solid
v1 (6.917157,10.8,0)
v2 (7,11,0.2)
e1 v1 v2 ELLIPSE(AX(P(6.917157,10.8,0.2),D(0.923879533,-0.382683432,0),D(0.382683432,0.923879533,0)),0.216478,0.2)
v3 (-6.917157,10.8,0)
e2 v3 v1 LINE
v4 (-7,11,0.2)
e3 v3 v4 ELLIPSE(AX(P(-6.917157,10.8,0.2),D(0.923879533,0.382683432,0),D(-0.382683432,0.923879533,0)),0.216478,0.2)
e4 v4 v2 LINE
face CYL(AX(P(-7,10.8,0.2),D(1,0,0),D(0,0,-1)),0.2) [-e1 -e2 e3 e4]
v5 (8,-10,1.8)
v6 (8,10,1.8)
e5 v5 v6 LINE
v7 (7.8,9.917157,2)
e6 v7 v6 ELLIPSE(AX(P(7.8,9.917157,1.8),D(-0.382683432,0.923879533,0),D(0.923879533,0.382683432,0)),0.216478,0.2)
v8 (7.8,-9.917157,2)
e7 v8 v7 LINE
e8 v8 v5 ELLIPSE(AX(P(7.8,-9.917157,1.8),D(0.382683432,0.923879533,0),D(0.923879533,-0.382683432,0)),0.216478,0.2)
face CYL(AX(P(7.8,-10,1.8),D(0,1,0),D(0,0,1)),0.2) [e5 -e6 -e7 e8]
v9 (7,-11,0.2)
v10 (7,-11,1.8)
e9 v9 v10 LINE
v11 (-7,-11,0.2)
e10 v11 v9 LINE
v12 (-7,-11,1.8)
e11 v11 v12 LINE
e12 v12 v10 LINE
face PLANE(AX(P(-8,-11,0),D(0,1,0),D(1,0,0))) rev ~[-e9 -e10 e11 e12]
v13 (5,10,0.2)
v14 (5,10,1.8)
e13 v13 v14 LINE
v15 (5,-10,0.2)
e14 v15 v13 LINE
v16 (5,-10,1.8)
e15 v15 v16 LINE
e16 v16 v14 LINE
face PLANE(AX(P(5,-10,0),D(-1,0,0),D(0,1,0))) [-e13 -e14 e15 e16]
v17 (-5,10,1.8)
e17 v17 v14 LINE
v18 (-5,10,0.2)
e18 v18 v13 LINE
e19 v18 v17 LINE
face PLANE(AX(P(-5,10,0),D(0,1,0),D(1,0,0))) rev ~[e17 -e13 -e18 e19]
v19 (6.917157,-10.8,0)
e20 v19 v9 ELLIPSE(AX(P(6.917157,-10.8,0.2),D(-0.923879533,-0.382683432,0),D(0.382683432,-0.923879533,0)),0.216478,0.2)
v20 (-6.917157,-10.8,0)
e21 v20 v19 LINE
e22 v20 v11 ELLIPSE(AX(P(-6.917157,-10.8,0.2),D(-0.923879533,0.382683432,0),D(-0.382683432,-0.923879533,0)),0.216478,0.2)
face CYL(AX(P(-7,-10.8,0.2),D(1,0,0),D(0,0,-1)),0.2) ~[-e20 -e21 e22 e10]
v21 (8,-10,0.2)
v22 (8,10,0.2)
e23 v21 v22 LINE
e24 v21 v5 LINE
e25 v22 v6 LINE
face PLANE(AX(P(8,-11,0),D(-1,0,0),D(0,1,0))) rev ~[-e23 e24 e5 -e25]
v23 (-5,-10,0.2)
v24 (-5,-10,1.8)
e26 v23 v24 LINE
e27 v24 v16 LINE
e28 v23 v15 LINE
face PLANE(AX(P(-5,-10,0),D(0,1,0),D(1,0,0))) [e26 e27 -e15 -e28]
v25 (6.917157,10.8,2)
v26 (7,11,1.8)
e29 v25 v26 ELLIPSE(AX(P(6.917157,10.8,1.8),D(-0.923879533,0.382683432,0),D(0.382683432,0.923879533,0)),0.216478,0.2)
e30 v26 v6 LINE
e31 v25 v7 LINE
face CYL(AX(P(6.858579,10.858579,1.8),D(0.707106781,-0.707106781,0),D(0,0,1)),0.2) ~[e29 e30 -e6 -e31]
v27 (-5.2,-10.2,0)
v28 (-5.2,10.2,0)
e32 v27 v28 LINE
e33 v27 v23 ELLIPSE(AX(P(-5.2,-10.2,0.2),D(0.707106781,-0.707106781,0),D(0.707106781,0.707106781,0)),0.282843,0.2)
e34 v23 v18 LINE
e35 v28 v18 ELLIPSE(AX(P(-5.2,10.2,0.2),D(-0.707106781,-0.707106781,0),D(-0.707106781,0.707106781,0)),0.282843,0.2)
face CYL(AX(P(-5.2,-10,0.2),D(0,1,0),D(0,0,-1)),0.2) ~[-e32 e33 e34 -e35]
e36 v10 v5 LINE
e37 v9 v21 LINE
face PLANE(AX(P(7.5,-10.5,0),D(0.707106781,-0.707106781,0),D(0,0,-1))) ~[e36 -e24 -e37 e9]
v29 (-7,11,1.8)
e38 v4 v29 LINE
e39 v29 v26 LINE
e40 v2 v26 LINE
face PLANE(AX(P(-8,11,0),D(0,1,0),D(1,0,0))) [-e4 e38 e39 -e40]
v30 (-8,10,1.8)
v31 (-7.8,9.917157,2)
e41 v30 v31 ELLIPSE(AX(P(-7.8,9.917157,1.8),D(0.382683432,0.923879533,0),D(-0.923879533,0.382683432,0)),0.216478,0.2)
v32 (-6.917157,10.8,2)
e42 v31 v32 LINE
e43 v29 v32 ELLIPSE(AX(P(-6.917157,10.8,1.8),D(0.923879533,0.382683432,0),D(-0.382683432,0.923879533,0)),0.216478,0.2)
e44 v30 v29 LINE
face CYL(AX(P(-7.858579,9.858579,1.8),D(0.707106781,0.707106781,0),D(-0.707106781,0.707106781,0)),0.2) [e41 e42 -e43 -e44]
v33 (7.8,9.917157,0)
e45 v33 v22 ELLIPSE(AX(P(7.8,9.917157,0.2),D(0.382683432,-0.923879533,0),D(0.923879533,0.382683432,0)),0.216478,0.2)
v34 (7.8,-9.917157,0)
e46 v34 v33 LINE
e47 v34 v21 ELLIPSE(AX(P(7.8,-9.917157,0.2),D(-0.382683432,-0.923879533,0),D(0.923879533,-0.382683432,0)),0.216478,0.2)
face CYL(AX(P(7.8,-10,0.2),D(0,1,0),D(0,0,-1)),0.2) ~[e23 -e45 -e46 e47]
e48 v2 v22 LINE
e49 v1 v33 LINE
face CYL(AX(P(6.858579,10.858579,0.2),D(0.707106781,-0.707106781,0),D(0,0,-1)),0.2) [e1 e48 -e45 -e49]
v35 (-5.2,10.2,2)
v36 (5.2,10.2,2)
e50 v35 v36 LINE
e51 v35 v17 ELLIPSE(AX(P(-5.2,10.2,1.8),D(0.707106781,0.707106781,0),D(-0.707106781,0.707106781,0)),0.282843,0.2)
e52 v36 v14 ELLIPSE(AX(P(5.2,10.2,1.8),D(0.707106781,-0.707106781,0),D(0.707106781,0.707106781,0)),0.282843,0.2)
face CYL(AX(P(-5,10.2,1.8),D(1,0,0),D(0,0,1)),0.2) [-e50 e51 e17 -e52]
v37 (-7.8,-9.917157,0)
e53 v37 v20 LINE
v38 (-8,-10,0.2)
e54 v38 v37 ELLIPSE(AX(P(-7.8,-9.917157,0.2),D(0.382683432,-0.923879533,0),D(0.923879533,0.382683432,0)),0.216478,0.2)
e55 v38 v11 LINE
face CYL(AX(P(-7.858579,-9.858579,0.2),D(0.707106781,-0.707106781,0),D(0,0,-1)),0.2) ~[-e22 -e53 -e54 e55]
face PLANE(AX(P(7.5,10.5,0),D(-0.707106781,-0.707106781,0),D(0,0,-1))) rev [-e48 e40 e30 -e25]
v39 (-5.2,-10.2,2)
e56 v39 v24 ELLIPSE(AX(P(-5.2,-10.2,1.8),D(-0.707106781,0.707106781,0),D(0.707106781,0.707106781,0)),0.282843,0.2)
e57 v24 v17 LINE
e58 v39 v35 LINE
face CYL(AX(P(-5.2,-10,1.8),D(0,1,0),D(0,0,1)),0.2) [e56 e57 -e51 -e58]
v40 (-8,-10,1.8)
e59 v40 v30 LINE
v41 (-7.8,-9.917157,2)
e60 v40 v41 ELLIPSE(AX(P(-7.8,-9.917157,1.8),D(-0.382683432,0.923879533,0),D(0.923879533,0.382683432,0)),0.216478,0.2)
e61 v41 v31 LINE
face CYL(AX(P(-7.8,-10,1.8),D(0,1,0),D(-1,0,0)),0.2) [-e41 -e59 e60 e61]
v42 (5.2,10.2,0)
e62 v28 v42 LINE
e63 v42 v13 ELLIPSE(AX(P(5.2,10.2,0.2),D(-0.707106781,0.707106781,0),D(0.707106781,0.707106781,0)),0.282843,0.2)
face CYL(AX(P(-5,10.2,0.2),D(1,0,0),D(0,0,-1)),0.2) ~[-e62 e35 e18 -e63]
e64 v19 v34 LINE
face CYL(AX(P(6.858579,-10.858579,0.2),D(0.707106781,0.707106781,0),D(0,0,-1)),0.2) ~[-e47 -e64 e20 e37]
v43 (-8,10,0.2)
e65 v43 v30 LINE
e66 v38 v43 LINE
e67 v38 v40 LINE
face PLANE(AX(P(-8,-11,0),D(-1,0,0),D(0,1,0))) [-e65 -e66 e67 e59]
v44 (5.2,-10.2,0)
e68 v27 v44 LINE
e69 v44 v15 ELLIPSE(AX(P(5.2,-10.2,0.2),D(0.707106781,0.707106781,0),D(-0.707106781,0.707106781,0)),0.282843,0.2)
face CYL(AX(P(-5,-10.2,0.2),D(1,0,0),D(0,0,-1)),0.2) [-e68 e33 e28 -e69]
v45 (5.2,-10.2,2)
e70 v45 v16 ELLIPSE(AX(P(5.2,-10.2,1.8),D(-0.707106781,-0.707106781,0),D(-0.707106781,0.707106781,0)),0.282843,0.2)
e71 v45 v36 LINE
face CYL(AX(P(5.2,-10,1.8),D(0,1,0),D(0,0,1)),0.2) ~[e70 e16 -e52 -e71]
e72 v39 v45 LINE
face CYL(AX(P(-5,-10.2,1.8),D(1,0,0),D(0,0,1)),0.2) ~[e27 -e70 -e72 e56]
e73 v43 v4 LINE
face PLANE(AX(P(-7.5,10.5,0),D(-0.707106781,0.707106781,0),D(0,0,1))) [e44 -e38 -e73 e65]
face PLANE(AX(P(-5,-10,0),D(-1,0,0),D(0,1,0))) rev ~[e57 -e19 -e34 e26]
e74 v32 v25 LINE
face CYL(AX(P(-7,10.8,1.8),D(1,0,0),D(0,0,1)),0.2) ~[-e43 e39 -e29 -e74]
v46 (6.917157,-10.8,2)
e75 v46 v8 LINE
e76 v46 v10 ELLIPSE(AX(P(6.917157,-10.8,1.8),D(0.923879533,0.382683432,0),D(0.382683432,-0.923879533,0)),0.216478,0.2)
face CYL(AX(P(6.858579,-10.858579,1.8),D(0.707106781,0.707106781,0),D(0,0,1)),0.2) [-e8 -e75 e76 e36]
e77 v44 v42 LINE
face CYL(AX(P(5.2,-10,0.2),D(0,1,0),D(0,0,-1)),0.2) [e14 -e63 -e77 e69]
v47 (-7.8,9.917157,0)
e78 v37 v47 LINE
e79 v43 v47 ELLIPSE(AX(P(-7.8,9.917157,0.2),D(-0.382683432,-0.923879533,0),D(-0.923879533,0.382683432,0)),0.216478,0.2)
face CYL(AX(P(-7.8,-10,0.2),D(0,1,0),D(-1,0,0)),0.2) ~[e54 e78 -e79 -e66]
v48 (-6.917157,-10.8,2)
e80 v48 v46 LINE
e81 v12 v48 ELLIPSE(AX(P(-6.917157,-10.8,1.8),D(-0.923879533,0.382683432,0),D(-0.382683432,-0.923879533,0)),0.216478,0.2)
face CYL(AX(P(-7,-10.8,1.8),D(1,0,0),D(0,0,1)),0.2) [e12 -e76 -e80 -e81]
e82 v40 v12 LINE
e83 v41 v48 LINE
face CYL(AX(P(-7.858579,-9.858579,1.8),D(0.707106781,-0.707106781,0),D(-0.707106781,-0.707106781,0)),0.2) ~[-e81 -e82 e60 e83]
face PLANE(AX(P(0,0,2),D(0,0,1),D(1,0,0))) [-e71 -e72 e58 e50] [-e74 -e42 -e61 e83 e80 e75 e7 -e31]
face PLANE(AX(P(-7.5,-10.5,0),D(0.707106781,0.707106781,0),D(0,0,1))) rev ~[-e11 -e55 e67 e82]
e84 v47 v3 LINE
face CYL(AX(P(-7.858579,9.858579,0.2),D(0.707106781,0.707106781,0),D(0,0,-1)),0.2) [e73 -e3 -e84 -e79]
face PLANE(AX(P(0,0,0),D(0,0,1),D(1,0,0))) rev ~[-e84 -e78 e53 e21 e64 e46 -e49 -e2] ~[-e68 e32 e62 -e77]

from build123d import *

# Parameters (mm, degrees)
F1_W     = 16
F1_H     = 22
F1_W_2   = 10
F1_H_2   = 20
F2_DEPTH = 2
F3_SIZE2 = 1
F3_SIZE  = 1
F4_SIZE2 = 1
F4_SIZE  = 1
F5_R     = 0.2


with BuildPart() as f2:
    # F1 (on face) → F2 (new body)
    with BuildSketch(Plane.XY):
        Rectangle(F1_W, F1_H)
        Rectangle(F1_W_2, F1_H_2, mode=Mode.SUBTRACT)
    extrude(amount=F2_DEPTH)

    # F3
    f3_edges = [f2.edges().sort_by_distance(p)[0] for p in [
        (-8, -11, 1),
    ]]
    chamfer(f3_edges, length=F3_SIZE, length2=F3_SIZE2)

    # F4
    f4_edges = [f2.edges().sort_by_distance(p)[0] for p in [
        (8, -11, 1),
        (8, 11, 1),
        (-8, 11, 1),
    ]]
    chamfer(f4_edges, length=F4_SIZE, length2=F4_SIZE2)

    # F5
    f5_edges = [f2.edges().sort_by_distance(p)[0] for p in [
        (-8, 0, 2),
        (-7.5, 10.5, 2),
        (-7.5, -10.5, 2),
        (0, 11, 2),
        (0, -11, 2),
        (7.5, 10.5, 2),
        (7.5, -10.5, 2),
        (8, 0, 2),
        (-5, 0, 2),
        (0, 10, 2),
        (5, 0, 2),
        (0, -10, 2),
        (-8, 0, 0),
        (-7.5, 10.5, 0),
        (-7.5, -10.5, 0),
        (0, 11, 0),
        (0, -11, 0),
        (7.5, 10.5, 0),
        (7.5, -10.5, 0),
        (8, 0, 0),
        (-5, 0, 0),
        (0, 10, 0),
        (5, 0, 0),
        (0, -10, 0),
    ]]
    fillet(f5_edges, radius=F5_R)


solid = f2.part
